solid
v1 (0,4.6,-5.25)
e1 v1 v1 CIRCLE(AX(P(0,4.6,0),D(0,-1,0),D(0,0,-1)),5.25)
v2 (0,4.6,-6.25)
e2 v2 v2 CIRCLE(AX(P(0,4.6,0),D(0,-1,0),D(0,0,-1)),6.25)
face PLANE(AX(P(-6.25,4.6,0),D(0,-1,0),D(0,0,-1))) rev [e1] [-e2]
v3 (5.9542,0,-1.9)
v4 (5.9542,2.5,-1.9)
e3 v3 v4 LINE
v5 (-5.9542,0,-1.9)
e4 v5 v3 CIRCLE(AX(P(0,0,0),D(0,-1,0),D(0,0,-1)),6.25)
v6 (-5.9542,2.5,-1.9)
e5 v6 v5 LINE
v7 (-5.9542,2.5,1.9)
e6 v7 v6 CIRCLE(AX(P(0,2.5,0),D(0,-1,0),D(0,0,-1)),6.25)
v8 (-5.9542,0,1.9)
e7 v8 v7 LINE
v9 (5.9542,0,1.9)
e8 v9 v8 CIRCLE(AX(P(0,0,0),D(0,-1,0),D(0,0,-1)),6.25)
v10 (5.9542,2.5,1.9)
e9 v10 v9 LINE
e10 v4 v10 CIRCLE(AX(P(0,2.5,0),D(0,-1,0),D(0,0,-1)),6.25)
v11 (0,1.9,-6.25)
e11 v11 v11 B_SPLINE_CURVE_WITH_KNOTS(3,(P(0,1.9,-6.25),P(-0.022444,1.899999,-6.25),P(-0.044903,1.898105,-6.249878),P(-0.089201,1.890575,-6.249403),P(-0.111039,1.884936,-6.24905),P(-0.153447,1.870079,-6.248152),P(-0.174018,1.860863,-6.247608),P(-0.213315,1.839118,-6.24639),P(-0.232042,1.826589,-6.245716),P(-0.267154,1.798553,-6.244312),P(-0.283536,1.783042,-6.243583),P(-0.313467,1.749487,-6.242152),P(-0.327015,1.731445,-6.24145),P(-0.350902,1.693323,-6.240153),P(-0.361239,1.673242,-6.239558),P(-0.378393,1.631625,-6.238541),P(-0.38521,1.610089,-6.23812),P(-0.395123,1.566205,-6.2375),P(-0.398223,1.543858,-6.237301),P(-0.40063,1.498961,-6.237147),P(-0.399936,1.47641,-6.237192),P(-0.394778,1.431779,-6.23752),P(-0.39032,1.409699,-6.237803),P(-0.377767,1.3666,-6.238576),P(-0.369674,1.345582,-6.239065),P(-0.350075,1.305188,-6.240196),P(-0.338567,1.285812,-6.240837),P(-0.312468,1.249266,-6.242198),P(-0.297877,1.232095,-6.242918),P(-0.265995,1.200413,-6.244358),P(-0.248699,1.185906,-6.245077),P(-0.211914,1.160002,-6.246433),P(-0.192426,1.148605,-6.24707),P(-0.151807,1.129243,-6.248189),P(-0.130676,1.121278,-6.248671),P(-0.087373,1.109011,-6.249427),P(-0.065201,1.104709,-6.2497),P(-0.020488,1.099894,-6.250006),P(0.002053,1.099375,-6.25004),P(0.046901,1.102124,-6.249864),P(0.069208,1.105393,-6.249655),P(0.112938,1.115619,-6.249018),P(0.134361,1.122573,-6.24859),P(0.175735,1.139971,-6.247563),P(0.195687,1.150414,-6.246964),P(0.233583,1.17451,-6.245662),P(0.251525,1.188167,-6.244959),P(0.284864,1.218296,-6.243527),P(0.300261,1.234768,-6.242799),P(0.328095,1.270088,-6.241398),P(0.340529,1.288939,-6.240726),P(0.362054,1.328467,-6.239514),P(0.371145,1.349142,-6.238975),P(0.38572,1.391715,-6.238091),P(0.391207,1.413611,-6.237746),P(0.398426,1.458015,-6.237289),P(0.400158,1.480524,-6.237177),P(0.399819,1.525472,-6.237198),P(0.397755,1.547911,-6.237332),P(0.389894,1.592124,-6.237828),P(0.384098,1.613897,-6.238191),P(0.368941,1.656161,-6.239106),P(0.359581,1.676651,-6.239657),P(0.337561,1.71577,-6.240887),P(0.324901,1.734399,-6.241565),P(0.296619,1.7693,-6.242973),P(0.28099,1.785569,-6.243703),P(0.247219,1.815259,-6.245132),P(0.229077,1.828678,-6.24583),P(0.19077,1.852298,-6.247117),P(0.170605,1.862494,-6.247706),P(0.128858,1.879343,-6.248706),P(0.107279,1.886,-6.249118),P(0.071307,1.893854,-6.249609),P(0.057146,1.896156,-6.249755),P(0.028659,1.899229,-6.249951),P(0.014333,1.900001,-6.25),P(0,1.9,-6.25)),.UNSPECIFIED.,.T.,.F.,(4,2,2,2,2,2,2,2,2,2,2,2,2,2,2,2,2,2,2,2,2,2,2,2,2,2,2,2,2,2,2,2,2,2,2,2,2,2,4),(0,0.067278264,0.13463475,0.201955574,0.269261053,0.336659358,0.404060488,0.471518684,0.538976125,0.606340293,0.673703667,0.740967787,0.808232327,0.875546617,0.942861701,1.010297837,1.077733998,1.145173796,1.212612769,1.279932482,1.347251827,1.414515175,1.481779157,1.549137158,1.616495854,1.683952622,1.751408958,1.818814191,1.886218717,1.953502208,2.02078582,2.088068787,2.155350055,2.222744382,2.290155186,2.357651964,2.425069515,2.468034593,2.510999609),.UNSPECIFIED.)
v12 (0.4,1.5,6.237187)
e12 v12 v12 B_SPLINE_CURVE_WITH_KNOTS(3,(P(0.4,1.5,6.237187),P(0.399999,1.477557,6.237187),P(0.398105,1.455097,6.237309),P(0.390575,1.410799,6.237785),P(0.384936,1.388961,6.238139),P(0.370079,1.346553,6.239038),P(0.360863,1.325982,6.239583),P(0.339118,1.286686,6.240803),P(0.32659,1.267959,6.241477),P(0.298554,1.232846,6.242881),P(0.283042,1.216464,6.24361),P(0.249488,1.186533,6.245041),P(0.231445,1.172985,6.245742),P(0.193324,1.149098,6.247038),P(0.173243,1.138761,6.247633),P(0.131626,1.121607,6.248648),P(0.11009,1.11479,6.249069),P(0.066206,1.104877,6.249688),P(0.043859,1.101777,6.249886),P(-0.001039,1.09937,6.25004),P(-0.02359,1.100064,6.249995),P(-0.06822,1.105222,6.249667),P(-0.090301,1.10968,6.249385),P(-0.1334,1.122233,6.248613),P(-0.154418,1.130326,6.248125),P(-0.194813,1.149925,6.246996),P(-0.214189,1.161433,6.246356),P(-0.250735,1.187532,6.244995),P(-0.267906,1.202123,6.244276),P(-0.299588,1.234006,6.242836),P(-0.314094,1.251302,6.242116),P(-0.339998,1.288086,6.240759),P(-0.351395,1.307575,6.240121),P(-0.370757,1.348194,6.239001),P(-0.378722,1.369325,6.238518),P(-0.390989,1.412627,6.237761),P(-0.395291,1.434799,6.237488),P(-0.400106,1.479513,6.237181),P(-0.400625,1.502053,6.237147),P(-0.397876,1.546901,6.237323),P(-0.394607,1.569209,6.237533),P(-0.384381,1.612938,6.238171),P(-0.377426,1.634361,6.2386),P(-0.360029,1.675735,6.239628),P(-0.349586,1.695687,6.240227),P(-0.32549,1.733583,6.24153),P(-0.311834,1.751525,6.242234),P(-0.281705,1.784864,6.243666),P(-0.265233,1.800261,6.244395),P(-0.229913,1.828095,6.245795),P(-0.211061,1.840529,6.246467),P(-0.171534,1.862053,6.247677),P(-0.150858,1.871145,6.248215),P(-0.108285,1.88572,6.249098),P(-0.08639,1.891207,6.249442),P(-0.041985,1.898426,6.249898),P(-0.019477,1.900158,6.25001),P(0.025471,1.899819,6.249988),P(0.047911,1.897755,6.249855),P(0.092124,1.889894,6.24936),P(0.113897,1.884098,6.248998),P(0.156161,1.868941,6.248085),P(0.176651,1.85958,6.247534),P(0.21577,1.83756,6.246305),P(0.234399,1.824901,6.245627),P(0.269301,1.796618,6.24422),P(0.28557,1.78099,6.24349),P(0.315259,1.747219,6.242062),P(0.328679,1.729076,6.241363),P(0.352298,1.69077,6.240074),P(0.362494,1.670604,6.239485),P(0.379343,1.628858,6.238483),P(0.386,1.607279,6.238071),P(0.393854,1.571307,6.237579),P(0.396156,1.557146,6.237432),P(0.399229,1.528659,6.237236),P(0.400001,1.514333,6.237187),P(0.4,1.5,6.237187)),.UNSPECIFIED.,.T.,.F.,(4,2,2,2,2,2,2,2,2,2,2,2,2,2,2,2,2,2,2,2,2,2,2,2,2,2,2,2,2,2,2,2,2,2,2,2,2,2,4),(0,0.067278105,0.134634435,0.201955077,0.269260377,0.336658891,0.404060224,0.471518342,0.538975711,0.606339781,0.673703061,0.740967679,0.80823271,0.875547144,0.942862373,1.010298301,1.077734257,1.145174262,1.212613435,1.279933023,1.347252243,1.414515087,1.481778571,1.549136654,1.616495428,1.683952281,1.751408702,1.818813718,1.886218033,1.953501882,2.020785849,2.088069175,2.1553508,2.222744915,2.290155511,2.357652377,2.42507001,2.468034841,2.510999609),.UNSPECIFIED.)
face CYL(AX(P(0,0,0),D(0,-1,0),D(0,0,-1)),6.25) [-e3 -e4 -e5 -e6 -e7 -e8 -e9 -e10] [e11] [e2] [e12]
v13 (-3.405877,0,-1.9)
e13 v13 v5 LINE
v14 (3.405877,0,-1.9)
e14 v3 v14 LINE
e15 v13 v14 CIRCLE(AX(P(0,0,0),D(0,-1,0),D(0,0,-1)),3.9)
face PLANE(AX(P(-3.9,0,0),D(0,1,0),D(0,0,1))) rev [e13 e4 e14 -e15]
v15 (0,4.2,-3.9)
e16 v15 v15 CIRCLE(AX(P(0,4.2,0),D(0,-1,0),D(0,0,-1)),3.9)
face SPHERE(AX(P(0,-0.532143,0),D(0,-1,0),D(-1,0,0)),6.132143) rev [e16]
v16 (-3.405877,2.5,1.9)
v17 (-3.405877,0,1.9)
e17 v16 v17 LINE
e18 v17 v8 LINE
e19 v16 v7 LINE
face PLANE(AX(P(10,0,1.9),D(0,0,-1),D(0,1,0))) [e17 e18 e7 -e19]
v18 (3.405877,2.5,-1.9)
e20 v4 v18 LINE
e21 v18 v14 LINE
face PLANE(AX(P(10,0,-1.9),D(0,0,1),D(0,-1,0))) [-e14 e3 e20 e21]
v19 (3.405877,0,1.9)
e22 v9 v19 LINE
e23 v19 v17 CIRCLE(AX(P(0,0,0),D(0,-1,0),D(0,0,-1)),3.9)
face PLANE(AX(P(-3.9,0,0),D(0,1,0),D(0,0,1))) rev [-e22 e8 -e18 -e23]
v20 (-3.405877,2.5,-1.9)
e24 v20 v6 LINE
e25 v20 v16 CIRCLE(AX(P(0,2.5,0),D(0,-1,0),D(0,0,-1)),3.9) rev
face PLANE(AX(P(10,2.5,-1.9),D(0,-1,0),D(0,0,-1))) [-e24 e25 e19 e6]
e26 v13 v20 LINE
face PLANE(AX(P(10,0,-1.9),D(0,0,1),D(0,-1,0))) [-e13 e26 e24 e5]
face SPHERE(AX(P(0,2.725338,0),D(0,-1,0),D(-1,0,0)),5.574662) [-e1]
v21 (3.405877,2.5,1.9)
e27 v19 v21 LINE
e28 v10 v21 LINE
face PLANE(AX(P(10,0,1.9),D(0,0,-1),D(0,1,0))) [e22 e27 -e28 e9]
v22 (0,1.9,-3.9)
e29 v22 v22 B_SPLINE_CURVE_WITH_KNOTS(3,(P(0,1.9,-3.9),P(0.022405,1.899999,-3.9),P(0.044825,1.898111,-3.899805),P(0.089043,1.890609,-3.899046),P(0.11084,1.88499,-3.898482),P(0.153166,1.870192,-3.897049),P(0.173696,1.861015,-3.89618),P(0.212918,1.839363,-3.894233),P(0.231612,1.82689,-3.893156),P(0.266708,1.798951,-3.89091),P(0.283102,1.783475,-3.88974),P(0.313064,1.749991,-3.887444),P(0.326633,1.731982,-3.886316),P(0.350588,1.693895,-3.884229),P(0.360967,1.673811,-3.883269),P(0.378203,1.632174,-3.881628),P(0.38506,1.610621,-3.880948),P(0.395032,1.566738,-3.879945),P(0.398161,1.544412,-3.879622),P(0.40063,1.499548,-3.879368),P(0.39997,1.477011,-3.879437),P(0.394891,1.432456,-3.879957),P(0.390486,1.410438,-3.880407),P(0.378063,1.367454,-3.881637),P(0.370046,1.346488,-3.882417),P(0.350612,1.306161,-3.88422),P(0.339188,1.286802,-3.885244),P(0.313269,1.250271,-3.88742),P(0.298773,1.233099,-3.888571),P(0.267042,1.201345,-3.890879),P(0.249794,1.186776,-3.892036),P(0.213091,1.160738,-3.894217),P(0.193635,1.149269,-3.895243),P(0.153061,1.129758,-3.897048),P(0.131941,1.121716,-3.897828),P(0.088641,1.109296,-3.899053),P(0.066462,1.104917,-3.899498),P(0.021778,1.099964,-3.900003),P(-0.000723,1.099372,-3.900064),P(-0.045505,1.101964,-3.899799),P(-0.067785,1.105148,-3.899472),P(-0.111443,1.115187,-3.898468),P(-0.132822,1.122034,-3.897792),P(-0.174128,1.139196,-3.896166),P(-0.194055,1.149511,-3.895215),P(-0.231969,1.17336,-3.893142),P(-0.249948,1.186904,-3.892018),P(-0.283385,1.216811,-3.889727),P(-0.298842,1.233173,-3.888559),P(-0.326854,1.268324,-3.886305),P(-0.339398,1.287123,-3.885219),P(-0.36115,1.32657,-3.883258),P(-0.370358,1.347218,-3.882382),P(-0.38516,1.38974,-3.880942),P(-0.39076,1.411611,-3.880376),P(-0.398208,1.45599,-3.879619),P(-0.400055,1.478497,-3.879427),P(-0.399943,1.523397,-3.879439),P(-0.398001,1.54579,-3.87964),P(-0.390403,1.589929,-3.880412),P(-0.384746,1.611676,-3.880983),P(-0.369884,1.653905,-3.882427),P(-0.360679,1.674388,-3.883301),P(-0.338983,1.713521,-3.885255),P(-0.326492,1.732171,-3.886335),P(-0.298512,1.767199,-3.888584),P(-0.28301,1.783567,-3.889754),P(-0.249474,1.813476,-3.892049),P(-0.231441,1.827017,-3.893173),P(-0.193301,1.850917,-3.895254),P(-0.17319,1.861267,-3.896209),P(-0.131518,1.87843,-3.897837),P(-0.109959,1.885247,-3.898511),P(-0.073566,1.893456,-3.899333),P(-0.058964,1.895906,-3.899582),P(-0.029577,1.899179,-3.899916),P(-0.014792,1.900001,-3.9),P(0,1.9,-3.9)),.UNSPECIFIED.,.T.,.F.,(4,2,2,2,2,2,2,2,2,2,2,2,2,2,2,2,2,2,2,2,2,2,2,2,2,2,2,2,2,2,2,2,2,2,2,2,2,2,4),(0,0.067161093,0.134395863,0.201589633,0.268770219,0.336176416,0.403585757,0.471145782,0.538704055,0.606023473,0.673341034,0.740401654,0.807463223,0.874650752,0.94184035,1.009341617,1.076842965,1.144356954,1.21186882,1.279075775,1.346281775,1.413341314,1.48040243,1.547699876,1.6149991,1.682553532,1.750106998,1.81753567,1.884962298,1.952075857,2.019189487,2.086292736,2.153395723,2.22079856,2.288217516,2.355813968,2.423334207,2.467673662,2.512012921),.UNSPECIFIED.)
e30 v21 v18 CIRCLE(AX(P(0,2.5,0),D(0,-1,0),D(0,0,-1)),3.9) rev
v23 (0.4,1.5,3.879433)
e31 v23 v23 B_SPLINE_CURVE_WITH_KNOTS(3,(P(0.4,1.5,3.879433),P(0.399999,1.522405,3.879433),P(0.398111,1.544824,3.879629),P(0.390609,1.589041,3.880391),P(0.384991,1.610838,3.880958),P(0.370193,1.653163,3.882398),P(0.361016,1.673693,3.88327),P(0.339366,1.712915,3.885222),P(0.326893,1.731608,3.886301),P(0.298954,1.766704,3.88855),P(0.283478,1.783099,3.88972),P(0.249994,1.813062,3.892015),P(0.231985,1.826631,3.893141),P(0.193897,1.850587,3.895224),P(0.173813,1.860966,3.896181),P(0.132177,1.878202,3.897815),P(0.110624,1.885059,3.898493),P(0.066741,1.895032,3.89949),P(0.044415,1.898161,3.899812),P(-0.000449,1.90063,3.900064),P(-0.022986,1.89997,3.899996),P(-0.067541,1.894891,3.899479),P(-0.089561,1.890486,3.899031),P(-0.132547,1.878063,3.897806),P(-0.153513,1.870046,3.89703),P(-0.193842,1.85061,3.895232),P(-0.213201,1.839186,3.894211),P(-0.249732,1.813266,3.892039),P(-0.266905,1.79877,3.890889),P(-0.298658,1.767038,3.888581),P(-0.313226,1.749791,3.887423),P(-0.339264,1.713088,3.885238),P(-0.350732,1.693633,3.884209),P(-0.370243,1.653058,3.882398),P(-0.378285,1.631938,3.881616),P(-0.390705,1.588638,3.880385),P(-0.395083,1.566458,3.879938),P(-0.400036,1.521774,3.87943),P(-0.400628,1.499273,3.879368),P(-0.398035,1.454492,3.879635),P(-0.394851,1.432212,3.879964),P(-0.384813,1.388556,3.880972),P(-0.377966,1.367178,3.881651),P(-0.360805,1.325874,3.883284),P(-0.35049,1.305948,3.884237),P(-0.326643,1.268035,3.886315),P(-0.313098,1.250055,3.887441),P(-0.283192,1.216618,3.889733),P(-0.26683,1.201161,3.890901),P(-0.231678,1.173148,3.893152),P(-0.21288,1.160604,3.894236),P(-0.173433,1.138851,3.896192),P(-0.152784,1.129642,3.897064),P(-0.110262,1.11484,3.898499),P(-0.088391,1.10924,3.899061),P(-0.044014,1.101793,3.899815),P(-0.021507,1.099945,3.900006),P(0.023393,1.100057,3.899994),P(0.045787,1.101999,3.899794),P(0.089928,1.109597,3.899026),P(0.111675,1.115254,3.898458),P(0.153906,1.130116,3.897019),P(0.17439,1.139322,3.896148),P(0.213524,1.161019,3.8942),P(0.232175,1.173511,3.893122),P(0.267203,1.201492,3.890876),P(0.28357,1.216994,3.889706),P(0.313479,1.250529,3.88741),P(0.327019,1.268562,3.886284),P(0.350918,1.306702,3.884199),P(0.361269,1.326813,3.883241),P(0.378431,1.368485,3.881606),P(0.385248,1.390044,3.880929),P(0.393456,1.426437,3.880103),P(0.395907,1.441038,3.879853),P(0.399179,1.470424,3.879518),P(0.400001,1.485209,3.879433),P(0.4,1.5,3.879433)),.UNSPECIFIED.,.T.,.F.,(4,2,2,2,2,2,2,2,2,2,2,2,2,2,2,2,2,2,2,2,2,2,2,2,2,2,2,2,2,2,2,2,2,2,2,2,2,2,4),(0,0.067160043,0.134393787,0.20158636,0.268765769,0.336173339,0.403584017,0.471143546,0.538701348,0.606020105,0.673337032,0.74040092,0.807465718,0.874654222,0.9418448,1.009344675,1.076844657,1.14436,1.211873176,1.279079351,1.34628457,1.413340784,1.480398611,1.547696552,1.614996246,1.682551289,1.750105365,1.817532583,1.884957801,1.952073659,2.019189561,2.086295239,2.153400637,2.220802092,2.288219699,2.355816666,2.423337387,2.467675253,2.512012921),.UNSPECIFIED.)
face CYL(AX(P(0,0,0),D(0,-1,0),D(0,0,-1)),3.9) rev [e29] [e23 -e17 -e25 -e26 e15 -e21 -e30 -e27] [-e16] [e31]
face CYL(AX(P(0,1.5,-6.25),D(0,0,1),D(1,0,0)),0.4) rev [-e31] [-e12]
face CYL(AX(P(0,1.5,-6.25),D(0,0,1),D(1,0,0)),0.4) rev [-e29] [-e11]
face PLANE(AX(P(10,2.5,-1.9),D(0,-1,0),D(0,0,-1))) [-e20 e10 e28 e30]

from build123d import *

# Parameters (mm, degrees)
SKETCH2_W               = 3.8
SKETCH2_H               = 2.5
CUT_EXTRUDE1_DEPTH      = 10
CUT_EXTRUDE1_DEPTH_BACK = 7.25
SKETCH3_R               = 0.4
CUT_EXTRUDE2_DEPTH      = 7.25
CUT_EXTRUDE2_DEPTH_BACK = 7.25


with BuildPart() as part:
    # Sketch1 → Revolve1 (revolve)
    with BuildSketch(Plane.XY):
        with BuildLine():
            Line((0, 8.3), (0, 5.6))
            ThreePointArc((0, 5.6), (-2.071834936, 5.23939732), (-3.9, 4.2))
            Line((-3.9, 4.2), (-3.9, 0))
            Line((-3.9, 0), (-6.25, 0))
            Line((-6.25, 0), (-6.25, 4.6))
            Line((-6.25, 4.6), (-5.25, 4.6))
            ThreePointArc((-5.25, 4.6), (-3.211405456, 7.282061795), (0, 8.3))
        make_face()
    revolve(axis=Axis((0, 0, 0), (0, 1, 0)))

    # Sketch2 → Cut-Extrude1 (cut, two sides)
    with BuildSketch(Plane(origin=(0, 0, 0), x_dir=(0, 0, -1), z_dir=(1, 0, 0))) as cut_extrude1_sk:
        with Locations((0, 1.25)):
            Rectangle(SKETCH2_W, SKETCH2_H)
    extrude(amount=CUT_EXTRUDE1_DEPTH, mode=Mode.SUBTRACT)
    extrude(cut_extrude1_sk.sketch, amount=-CUT_EXTRUDE1_DEPTH_BACK, mode=Mode.SUBTRACT)

    # Sketch3 → Cut-Extrude2 (cut, two sides)
    with BuildSketch(Plane.XY) as cut_extrude2_sk:
        with Locations((0, 1.5)):
            Circle(SKETCH3_R)
    extrude(amount=CUT_EXTRUDE2_DEPTH, mode=Mode.SUBTRACT)
    extrude(cut_extrude2_sk.sketch, amount=-CUT_EXTRUDE2_DEPTH_BACK, mode=Mode.SUBTRACT)


solid = part.part
